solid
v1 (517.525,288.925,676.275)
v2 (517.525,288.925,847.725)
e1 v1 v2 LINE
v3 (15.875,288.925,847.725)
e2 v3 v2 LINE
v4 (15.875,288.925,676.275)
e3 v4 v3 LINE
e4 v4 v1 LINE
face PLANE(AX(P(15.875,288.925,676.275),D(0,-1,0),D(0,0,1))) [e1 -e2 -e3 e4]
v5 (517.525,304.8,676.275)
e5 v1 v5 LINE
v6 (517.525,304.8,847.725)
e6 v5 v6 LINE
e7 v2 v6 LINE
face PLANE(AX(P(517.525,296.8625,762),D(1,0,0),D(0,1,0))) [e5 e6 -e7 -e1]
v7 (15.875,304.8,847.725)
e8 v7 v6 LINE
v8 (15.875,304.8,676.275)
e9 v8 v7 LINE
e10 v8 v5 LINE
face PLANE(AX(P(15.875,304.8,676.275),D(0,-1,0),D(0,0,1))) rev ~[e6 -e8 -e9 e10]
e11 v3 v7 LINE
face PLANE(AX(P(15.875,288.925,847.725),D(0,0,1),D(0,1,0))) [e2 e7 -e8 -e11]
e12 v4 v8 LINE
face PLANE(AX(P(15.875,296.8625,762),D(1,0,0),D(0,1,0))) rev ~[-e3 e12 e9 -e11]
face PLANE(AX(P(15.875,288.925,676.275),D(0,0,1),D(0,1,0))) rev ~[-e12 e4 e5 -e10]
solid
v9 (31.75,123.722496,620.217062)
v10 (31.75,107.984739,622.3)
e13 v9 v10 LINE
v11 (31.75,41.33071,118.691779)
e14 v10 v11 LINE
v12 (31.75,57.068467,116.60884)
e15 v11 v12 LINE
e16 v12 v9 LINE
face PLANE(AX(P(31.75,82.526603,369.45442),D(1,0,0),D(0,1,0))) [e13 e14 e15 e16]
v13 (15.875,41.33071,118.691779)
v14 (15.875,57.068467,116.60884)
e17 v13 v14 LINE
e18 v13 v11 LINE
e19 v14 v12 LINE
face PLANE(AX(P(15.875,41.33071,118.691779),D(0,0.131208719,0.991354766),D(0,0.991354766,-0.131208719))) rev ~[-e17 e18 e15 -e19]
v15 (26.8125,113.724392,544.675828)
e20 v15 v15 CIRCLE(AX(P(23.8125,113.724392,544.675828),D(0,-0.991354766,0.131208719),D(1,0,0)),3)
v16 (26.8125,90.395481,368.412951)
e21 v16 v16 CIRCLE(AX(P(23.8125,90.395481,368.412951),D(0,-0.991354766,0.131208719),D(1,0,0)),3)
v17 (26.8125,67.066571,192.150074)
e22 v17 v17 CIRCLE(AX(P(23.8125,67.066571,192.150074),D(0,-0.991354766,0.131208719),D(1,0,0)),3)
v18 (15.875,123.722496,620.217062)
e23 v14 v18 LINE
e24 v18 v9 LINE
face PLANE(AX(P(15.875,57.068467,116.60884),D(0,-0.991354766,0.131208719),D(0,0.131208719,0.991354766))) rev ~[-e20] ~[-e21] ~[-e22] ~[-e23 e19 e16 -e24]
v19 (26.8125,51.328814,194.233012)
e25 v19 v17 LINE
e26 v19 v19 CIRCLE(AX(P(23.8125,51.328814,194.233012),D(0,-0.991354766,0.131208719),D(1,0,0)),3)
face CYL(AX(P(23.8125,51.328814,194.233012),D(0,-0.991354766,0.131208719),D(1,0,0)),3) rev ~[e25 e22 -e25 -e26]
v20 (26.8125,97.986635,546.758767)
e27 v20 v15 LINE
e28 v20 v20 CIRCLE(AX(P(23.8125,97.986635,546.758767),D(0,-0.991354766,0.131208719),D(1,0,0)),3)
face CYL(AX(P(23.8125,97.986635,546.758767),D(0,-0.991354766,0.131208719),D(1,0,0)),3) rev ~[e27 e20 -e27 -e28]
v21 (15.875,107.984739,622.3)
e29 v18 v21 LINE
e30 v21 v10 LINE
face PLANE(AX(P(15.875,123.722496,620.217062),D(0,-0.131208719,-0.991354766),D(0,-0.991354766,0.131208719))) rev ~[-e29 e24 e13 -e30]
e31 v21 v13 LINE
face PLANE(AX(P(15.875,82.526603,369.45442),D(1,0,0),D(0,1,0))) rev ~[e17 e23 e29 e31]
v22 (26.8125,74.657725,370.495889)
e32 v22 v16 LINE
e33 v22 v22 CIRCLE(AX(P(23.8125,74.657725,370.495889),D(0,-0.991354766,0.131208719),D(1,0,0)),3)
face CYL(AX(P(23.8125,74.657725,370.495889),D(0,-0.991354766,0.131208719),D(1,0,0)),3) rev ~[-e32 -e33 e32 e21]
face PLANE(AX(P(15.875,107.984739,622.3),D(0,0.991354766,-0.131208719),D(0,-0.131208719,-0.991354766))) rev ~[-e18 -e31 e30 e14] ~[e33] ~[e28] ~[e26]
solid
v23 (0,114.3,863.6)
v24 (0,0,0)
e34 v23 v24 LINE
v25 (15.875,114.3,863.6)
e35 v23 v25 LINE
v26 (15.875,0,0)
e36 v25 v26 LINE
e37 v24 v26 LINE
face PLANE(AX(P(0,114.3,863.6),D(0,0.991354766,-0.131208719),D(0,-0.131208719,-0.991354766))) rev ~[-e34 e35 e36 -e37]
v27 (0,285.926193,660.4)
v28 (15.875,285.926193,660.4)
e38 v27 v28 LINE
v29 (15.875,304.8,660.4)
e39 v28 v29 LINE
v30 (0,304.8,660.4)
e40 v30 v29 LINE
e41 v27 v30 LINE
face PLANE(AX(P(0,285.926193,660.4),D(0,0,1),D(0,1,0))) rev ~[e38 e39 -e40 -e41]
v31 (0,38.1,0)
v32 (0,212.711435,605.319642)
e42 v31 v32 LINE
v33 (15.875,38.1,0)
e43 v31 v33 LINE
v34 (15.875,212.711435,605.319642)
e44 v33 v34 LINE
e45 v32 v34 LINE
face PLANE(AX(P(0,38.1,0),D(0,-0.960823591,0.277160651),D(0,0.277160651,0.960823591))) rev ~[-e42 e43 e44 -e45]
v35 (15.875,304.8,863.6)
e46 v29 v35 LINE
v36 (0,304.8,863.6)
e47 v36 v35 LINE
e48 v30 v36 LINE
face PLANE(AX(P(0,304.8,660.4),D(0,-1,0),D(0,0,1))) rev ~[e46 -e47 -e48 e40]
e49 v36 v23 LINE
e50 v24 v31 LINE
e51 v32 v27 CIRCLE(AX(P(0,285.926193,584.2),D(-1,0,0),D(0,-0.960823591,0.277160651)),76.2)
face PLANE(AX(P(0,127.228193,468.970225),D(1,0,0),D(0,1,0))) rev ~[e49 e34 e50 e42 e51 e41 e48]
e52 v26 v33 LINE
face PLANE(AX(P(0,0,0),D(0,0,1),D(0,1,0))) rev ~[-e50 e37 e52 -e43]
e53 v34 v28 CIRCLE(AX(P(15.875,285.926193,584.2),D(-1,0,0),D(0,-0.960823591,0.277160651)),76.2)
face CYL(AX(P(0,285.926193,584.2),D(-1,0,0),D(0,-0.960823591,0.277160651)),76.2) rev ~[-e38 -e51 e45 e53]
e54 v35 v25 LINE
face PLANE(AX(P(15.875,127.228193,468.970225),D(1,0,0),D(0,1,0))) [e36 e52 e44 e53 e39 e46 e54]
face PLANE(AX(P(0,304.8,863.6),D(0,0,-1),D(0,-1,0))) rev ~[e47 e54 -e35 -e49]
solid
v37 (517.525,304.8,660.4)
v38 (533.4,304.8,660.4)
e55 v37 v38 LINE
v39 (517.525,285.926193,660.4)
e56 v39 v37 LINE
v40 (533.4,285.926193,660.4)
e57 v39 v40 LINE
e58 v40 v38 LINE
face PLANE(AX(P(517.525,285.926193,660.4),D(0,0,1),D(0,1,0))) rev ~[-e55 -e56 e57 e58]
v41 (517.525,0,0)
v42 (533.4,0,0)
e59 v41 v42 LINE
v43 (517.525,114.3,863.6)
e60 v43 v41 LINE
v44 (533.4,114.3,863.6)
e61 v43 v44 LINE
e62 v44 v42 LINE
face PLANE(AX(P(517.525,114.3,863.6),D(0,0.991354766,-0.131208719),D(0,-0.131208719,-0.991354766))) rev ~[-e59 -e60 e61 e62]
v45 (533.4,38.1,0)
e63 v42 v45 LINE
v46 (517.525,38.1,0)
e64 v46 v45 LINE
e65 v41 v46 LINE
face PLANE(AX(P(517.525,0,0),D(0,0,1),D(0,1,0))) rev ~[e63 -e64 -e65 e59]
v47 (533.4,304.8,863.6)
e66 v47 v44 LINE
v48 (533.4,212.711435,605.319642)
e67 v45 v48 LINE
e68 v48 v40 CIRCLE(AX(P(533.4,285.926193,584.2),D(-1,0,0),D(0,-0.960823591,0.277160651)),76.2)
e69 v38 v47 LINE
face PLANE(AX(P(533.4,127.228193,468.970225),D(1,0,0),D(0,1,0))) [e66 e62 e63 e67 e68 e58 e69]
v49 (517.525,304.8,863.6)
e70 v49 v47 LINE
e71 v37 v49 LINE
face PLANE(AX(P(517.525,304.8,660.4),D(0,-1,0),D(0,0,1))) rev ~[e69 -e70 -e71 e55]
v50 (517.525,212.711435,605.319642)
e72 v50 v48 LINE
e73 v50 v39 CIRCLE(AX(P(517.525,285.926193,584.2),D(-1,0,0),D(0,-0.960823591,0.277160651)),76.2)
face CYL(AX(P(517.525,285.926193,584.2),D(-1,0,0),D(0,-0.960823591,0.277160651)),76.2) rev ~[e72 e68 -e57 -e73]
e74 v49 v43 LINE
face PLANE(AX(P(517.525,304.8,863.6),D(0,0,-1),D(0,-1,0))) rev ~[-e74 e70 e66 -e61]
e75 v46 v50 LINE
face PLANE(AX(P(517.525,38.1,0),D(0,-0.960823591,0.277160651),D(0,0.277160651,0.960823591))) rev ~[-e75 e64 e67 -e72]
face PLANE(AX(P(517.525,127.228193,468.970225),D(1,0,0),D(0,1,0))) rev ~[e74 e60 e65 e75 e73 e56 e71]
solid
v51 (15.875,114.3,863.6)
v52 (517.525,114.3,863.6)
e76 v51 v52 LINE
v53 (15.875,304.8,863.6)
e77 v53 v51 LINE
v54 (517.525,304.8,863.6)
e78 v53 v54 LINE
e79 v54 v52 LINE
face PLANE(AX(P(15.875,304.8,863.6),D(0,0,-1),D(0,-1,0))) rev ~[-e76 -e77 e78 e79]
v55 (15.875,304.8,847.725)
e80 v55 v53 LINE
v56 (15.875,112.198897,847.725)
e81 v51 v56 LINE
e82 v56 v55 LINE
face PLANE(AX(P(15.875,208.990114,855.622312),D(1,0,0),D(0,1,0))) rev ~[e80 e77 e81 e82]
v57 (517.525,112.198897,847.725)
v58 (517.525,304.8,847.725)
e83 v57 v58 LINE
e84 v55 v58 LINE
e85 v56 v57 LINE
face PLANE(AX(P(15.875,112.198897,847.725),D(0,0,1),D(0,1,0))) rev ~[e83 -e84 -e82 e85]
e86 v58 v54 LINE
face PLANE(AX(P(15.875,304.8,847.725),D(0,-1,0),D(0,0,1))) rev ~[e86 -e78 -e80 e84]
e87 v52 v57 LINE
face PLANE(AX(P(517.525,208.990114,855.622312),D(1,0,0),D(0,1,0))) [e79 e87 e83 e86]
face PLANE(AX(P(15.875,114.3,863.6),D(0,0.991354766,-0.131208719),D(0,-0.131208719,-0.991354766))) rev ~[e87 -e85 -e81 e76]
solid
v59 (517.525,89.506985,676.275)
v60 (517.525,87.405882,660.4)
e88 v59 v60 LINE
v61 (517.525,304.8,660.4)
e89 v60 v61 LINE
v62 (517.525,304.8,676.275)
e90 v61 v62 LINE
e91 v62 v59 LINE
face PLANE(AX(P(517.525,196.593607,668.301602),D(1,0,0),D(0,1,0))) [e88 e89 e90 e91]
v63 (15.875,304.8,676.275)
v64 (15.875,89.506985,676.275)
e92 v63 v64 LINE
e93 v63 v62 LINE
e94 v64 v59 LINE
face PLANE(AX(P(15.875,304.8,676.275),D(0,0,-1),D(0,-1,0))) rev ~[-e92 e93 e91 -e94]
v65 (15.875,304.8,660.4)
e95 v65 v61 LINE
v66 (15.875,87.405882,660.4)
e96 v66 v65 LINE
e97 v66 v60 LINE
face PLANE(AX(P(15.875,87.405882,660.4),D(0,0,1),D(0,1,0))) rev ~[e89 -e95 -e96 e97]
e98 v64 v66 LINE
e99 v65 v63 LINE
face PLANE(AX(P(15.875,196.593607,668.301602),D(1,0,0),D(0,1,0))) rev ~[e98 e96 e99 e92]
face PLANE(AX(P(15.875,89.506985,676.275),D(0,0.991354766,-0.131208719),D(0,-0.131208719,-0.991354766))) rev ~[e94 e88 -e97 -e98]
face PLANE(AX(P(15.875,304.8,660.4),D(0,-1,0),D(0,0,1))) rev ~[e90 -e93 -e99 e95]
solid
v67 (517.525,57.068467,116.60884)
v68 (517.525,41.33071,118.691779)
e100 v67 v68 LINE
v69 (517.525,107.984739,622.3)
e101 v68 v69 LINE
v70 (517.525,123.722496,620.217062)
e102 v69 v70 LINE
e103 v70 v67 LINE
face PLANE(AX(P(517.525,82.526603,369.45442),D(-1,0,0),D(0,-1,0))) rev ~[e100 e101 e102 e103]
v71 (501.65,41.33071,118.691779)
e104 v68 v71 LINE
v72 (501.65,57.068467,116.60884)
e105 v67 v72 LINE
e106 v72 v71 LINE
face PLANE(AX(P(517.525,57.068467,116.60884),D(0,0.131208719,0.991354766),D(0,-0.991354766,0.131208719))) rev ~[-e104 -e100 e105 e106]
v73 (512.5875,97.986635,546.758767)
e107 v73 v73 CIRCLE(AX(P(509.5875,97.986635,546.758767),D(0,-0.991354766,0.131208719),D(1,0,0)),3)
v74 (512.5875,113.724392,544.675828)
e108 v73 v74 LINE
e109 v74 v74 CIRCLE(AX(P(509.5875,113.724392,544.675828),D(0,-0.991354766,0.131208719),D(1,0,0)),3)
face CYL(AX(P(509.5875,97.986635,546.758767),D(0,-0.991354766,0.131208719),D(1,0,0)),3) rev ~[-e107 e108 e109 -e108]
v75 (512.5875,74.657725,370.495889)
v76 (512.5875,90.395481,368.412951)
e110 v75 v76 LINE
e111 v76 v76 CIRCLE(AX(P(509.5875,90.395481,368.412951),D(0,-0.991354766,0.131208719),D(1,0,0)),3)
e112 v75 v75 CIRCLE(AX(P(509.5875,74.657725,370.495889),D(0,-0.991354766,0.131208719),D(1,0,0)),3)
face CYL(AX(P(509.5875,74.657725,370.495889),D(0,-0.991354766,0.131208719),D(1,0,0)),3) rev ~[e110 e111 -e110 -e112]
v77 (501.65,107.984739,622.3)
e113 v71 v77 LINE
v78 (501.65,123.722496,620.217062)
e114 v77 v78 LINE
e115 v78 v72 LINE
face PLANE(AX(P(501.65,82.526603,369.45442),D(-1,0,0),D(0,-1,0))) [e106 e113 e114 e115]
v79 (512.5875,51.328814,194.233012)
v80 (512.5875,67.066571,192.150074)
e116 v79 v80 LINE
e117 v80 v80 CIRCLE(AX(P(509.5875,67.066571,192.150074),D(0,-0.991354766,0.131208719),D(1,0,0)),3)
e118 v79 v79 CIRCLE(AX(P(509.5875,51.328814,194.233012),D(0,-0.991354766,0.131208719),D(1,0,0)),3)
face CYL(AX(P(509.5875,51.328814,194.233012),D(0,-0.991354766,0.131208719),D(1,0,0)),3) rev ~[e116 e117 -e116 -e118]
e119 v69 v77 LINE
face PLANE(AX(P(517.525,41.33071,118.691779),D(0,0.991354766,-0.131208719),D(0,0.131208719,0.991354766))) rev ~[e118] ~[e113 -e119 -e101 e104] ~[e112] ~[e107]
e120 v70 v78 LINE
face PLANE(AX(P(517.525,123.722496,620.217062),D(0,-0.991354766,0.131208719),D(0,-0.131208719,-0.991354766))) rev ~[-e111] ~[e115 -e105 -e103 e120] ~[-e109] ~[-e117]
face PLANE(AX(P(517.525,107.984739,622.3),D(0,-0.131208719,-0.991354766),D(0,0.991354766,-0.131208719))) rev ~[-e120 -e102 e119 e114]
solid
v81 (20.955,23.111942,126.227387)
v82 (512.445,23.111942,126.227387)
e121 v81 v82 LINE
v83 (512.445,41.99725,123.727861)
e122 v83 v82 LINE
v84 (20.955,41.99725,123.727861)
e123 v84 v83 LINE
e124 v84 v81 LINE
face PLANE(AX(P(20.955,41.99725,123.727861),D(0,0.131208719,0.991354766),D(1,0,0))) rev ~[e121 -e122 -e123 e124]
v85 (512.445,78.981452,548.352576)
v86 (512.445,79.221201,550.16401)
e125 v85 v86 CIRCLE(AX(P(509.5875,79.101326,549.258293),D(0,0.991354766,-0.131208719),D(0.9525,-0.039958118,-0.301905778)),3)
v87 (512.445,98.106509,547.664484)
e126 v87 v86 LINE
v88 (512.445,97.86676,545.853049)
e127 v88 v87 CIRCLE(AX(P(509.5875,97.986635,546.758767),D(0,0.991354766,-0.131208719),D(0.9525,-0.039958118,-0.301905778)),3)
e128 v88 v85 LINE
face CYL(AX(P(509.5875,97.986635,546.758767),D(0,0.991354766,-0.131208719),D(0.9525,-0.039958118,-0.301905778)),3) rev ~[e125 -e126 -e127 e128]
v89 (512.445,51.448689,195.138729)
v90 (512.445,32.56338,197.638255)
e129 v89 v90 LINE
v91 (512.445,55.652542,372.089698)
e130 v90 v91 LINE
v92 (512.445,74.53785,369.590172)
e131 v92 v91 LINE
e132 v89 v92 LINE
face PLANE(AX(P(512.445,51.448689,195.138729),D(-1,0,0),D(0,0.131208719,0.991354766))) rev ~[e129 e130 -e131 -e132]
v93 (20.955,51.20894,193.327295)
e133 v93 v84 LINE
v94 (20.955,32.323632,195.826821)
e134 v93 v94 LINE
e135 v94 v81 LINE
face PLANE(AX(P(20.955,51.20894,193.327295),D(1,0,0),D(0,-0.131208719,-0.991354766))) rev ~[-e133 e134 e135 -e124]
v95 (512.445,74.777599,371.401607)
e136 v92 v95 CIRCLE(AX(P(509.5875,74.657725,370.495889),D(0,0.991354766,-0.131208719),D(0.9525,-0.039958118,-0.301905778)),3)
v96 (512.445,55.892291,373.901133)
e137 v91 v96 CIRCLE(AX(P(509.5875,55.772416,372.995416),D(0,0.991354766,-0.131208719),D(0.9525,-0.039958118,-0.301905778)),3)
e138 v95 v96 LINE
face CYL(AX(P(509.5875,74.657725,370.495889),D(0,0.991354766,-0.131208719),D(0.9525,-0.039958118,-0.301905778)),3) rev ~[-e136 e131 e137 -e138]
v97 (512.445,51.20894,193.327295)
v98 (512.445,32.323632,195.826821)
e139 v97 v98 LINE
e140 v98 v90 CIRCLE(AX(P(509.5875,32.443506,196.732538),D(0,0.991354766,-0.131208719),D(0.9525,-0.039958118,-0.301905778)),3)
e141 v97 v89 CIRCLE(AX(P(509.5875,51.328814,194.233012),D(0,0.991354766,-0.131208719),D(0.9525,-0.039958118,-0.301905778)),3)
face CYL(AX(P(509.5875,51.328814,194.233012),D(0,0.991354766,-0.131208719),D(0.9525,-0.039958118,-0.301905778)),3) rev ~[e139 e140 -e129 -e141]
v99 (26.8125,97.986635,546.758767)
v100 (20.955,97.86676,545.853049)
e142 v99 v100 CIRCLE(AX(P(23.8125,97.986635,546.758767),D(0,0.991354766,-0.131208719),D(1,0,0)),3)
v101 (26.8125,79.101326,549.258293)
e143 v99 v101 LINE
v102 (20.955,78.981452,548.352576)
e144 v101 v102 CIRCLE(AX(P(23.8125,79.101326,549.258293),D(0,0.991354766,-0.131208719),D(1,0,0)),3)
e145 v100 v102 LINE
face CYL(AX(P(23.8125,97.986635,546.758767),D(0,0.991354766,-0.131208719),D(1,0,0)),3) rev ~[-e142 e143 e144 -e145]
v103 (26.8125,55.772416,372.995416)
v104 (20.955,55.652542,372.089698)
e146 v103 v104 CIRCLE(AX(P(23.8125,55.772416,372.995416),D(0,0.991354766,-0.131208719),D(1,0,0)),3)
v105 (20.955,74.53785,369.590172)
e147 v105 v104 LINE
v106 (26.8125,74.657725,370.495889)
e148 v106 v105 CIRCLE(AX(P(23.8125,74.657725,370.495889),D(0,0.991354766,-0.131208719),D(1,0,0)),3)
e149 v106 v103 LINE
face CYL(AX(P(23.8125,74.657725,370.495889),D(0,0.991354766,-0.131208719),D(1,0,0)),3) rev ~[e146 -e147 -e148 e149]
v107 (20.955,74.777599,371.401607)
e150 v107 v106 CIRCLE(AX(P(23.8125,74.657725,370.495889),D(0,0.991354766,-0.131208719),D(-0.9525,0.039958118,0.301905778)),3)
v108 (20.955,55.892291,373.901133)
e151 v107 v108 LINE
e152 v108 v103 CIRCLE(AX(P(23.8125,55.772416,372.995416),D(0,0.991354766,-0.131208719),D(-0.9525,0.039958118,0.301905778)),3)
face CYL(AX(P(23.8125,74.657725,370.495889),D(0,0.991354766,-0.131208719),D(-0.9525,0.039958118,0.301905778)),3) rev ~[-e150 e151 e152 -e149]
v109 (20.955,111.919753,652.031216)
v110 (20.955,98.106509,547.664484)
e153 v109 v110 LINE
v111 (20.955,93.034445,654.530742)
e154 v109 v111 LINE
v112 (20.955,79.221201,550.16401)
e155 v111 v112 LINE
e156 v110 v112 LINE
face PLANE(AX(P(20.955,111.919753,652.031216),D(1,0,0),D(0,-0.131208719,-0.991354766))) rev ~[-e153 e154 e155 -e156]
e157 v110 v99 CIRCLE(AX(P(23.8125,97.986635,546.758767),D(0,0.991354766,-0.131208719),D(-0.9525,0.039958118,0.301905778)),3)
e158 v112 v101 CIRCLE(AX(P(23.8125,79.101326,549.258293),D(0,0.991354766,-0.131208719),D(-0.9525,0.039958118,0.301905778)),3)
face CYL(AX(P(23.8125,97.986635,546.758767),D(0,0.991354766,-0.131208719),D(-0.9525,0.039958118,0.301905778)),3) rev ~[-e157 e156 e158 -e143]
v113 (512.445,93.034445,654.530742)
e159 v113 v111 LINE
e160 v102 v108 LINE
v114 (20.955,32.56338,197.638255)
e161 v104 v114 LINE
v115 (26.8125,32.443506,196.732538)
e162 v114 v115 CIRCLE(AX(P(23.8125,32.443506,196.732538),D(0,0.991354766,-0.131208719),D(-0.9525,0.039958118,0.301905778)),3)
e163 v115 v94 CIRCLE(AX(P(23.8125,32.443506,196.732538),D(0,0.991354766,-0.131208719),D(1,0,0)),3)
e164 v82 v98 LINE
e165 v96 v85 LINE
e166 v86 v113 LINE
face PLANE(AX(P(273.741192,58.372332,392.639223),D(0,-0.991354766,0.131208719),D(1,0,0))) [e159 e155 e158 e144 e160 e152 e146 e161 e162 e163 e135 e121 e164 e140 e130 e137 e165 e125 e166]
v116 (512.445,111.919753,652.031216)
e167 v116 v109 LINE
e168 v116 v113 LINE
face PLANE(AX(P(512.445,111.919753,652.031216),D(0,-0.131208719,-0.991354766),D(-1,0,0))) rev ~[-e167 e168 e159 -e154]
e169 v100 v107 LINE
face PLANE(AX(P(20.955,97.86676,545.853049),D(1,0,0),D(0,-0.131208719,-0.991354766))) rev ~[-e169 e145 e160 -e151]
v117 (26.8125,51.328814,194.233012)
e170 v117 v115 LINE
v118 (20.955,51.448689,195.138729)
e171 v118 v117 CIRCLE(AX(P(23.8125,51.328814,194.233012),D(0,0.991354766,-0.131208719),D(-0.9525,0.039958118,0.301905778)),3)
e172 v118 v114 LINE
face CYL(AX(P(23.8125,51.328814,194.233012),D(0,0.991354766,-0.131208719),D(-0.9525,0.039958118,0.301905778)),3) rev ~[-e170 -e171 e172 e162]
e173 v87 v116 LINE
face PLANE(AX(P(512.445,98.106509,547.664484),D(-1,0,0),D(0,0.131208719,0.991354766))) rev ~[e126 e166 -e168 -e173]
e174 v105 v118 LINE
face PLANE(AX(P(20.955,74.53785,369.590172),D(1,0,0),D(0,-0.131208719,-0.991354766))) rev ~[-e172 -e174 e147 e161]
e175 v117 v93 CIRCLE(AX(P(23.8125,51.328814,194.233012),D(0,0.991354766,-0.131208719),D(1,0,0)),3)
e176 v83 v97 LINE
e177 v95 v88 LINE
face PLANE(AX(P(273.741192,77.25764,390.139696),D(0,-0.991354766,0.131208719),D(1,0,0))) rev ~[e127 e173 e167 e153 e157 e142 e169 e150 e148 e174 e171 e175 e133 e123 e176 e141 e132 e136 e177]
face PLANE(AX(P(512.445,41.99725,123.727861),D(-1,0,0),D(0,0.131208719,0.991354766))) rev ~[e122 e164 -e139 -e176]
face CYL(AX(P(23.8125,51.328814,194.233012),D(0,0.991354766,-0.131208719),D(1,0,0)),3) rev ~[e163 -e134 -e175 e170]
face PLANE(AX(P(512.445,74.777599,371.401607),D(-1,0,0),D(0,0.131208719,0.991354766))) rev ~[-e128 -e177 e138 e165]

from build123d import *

# Parameters (mm, degrees)
F1_DEPTH  = 15.875
F3_DEPTH  = 501.65
F5_DEPTH  = 501.65
F6_W      = 15.875
F6_H      = 171.45
F7_DEPTH  = 501.65
F9_DEPTH  = 15.875
F11_DEPTH = 15.875
F13_DEPTH = 15.875
F14_R     = 3
F15_DEPTH = 25.4
F17_DEPTH = 19.05


with BuildPart() as f1:
    # F0 (on Right) → F1 (new body)
    with BuildSketch(Plane.YZ):
        with BuildLine():
            Line((114.3, 863.6), (0, 0))
            Line((0, 0), (38.1, 0))
            Line((38.1, 0), (212.7114350854, 605.3196416292))
            ThreePointArc((212.7114350854, 605.3196416292), (240.1161321142, 645.0923504726), (285.9261927333, 660.4))
            Line((285.9261927333, 660.4), (304.8, 660.4))
            Line((304.8, 660.4), (304.8, 863.6))
            Line((304.8, 863.6), (114.3, 863.6))
        make_face()
    extrude(amount=F1_DEPTH)


with BuildPart() as f3:
    # F2 (on face) → F3 (new body)
    with BuildSketch(Plane.YZ.offset(15.875)):
        Polygon((304.8, 863.6), (114.3, 863.6), (112.1988970588, 847.725), (304.8, 847.725), align=None)
    extrude(amount=F3_DEPTH)


with BuildPart() as f5:
    # F4 (on face) → F5 (new body)
    with BuildSketch(Plane.YZ.offset(15.875)):
        Polygon((87.4058823529, 660.4), (304.8, 660.4), (304.8, 676.275), (89.5069852941, 676.275), align=None)
    extrude(amount=F5_DEPTH)


with BuildPart() as f7:
    # F6 (on face) → F7 (new body)
    with BuildSketch(Plane.YZ.offset(15.875)):
        with Locations((296.8625, 762)):
            Rectangle(F6_W, F6_H)
    extrude(amount=F7_DEPTH)


with BuildPart() as f9:
    # F8 (on face) → F9 (new body)
    with BuildSketch(Plane.YZ.offset(517.525)):
        with BuildLine():
            Line((114.3, 863.6), (0, 0))
            Line((0, 0), (38.1, 0))
            Line((38.1, 0), (212.7114350854, 605.3196416292))
            ThreePointArc((212.7114350854, 605.3196416292), (240.1161321142, 645.0923504726), (285.9261927333, 660.4))
            Line((285.9261927333, 660.4), (304.8, 660.4))
            Line((304.8, 660.4), (304.8, 676.275))
            Line((304.8, 676.275), (304.8, 847.725))
            Line((304.8, 847.725), (304.8, 863.6))
            Line((304.8, 863.6), (114.3, 863.6))
        make_face()
    extrude(amount=F9_DEPTH)


with BuildPart() as f11:
    # F10 (on face) → F11 (new body)
    with BuildSketch(Plane.YZ.offset(15.875)):
        Polygon((123.7224961011, 620.2170615854), (107.984739191, 622.3), (41.3307099247, 118.6917788771), (57.0684668348, 116.6088404625), align=None)
    extrude(amount=F11_DEPTH)


with BuildPart() as f13:
    # F12 (on face) → F13 (new body)
    with BuildSketch(Plane(origin=(517.525, 0, 0), x_dir=(0, -1, 0), z_dir=(-1, 0, 0))):
        Polygon((-41.3307099247, 118.6917788771), (-107.984739191, 622.3), (-123.7224961011, 620.2170615854), (-57.0684668348, 116.6088404625), align=None)
    extrude(amount=F13_DEPTH)


with BuildPart() as f15_tool:
    # F14 (on face) → F15 (new body)
    with BuildSketch(Plane(origin=(0, 25.1804110561, -3.3327014633), x_dir=(1, 0, 0), z_dir=(0, -0.991354766, 0.131208719))):
        with Locations((23.8125, 554.8886101794)):
            Circle(F14_R)
        with Locations((23.8125, 377.0886101794)):
            Circle(F14_R)
        with Locations((23.8125, 199.2886101794)):
            Circle(F14_R)
        with Locations((509.5875, 554.8886101794)):
            Circle(F14_R)
        with Locations((509.5875, 377.0886101794)):
            Circle(F14_R)
        with Locations((509.5875, 199.2886101794)):
            Circle(F14_R)
    extrude(amount=-F15_DEPTH)


with BuildPart() as f11_1:
    add(f11.part)

    # F15: cut by f15_tool
    add(f15_tool.part, mode=Mode.SUBTRACT)


with BuildPart() as f13_1:
    add(f13.part)

    # F15: cut by f15_tool
    add(f15_tool.part, mode=Mode.SUBTRACT)


with BuildPart() as f17:
    # F16 (on face) → F17 (new body)
    with BuildSketch(Plane(origin=(0, 25.1804110561, -3.3327014633), x_dir=(1, 0, 0), z_dir=(0, -0.991354766, 0.131208719))):
        with BuildLine():
            Line((20.955, 661.0791013188), (20.955, 631.0886101794))
            Line((20.955, 631.0886101794), (31.75, 631.0886101794))
            Line((31.75, 631.0886101794), (31.75, 128.1686101794))
            Line((31.75, 128.1686101794), (512.445, 128.1686101794))
            Line((512.445, 128.1686101794), (512.445, 198.3749944232))
            ThreePointArc((512.445, 198.3749944232), (506.5875, 199.2886101794), (512.445, 200.2022259356))
            Line((512.445, 200.2022259356), (512.445, 376.1749944232))
            ThreePointArc((512.445, 376.1749944232), (506.5875, 377.0886101794), (512.445, 378.0022259356))
            Line((512.445, 378.0022259356), (512.445, 553.9749944232))
            ThreePointArc((512.445, 553.9749944232), (506.5875, 554.8886101794), (512.445, 555.8022259356))
            Line((512.445, 555.8022259356), (512.445, 661.0791013188))
            Line((512.445, 661.0791013188), (20.955, 661.0791013188))
        make_face()
        with BuildLine():
            Line((31.75, 631.0886101794), (20.955, 631.0886101794))
            Line((20.955, 631.0886101794), (20.955, 555.8022259356))
            ThreePointArc((20.955, 555.8022259356), (24.2748310502, 557.8527711062), (26.8125, 554.8886101794))
            ThreePointArc((26.8125, 554.8886101794), (24.2748310502, 551.9244492526), (20.955, 553.9749944232))
            Line((20.955, 553.9749944232), (20.955, 378.0022259356))
            ThreePointArc((20.955, 378.0022259356), (24.2748310502, 380.0527711062), (26.8125, 377.0886101794))
            ThreePointArc((26.8125, 377.0886101794), (24.2748310502, 374.1244492526), (20.955, 376.1749944232))
            Line((20.955, 376.1749944232), (20.955, 200.2022259356))
            ThreePointArc((20.955, 200.2022259356), (24.2748310502, 202.2527711062), (26.8125, 199.2886101794))
            ThreePointArc((26.8125, 199.2886101794), (24.2748310502, 196.3244492526), (20.955, 198.3749944232))
            Line((20.955, 198.3749944232), (20.955, 128.1686101794))
            Line((20.955, 128.1686101794), (31.75, 128.1686101794))
            Line((31.75, 128.1686101794), (31.75, 631.0886101794))
        make_face()
    extrude(amount=F17_DEPTH)


solid = Compound([f1.part, f3.part, f5.part, f7.part, f9.part, f11_1.part, f13_1.part, f17.part])
